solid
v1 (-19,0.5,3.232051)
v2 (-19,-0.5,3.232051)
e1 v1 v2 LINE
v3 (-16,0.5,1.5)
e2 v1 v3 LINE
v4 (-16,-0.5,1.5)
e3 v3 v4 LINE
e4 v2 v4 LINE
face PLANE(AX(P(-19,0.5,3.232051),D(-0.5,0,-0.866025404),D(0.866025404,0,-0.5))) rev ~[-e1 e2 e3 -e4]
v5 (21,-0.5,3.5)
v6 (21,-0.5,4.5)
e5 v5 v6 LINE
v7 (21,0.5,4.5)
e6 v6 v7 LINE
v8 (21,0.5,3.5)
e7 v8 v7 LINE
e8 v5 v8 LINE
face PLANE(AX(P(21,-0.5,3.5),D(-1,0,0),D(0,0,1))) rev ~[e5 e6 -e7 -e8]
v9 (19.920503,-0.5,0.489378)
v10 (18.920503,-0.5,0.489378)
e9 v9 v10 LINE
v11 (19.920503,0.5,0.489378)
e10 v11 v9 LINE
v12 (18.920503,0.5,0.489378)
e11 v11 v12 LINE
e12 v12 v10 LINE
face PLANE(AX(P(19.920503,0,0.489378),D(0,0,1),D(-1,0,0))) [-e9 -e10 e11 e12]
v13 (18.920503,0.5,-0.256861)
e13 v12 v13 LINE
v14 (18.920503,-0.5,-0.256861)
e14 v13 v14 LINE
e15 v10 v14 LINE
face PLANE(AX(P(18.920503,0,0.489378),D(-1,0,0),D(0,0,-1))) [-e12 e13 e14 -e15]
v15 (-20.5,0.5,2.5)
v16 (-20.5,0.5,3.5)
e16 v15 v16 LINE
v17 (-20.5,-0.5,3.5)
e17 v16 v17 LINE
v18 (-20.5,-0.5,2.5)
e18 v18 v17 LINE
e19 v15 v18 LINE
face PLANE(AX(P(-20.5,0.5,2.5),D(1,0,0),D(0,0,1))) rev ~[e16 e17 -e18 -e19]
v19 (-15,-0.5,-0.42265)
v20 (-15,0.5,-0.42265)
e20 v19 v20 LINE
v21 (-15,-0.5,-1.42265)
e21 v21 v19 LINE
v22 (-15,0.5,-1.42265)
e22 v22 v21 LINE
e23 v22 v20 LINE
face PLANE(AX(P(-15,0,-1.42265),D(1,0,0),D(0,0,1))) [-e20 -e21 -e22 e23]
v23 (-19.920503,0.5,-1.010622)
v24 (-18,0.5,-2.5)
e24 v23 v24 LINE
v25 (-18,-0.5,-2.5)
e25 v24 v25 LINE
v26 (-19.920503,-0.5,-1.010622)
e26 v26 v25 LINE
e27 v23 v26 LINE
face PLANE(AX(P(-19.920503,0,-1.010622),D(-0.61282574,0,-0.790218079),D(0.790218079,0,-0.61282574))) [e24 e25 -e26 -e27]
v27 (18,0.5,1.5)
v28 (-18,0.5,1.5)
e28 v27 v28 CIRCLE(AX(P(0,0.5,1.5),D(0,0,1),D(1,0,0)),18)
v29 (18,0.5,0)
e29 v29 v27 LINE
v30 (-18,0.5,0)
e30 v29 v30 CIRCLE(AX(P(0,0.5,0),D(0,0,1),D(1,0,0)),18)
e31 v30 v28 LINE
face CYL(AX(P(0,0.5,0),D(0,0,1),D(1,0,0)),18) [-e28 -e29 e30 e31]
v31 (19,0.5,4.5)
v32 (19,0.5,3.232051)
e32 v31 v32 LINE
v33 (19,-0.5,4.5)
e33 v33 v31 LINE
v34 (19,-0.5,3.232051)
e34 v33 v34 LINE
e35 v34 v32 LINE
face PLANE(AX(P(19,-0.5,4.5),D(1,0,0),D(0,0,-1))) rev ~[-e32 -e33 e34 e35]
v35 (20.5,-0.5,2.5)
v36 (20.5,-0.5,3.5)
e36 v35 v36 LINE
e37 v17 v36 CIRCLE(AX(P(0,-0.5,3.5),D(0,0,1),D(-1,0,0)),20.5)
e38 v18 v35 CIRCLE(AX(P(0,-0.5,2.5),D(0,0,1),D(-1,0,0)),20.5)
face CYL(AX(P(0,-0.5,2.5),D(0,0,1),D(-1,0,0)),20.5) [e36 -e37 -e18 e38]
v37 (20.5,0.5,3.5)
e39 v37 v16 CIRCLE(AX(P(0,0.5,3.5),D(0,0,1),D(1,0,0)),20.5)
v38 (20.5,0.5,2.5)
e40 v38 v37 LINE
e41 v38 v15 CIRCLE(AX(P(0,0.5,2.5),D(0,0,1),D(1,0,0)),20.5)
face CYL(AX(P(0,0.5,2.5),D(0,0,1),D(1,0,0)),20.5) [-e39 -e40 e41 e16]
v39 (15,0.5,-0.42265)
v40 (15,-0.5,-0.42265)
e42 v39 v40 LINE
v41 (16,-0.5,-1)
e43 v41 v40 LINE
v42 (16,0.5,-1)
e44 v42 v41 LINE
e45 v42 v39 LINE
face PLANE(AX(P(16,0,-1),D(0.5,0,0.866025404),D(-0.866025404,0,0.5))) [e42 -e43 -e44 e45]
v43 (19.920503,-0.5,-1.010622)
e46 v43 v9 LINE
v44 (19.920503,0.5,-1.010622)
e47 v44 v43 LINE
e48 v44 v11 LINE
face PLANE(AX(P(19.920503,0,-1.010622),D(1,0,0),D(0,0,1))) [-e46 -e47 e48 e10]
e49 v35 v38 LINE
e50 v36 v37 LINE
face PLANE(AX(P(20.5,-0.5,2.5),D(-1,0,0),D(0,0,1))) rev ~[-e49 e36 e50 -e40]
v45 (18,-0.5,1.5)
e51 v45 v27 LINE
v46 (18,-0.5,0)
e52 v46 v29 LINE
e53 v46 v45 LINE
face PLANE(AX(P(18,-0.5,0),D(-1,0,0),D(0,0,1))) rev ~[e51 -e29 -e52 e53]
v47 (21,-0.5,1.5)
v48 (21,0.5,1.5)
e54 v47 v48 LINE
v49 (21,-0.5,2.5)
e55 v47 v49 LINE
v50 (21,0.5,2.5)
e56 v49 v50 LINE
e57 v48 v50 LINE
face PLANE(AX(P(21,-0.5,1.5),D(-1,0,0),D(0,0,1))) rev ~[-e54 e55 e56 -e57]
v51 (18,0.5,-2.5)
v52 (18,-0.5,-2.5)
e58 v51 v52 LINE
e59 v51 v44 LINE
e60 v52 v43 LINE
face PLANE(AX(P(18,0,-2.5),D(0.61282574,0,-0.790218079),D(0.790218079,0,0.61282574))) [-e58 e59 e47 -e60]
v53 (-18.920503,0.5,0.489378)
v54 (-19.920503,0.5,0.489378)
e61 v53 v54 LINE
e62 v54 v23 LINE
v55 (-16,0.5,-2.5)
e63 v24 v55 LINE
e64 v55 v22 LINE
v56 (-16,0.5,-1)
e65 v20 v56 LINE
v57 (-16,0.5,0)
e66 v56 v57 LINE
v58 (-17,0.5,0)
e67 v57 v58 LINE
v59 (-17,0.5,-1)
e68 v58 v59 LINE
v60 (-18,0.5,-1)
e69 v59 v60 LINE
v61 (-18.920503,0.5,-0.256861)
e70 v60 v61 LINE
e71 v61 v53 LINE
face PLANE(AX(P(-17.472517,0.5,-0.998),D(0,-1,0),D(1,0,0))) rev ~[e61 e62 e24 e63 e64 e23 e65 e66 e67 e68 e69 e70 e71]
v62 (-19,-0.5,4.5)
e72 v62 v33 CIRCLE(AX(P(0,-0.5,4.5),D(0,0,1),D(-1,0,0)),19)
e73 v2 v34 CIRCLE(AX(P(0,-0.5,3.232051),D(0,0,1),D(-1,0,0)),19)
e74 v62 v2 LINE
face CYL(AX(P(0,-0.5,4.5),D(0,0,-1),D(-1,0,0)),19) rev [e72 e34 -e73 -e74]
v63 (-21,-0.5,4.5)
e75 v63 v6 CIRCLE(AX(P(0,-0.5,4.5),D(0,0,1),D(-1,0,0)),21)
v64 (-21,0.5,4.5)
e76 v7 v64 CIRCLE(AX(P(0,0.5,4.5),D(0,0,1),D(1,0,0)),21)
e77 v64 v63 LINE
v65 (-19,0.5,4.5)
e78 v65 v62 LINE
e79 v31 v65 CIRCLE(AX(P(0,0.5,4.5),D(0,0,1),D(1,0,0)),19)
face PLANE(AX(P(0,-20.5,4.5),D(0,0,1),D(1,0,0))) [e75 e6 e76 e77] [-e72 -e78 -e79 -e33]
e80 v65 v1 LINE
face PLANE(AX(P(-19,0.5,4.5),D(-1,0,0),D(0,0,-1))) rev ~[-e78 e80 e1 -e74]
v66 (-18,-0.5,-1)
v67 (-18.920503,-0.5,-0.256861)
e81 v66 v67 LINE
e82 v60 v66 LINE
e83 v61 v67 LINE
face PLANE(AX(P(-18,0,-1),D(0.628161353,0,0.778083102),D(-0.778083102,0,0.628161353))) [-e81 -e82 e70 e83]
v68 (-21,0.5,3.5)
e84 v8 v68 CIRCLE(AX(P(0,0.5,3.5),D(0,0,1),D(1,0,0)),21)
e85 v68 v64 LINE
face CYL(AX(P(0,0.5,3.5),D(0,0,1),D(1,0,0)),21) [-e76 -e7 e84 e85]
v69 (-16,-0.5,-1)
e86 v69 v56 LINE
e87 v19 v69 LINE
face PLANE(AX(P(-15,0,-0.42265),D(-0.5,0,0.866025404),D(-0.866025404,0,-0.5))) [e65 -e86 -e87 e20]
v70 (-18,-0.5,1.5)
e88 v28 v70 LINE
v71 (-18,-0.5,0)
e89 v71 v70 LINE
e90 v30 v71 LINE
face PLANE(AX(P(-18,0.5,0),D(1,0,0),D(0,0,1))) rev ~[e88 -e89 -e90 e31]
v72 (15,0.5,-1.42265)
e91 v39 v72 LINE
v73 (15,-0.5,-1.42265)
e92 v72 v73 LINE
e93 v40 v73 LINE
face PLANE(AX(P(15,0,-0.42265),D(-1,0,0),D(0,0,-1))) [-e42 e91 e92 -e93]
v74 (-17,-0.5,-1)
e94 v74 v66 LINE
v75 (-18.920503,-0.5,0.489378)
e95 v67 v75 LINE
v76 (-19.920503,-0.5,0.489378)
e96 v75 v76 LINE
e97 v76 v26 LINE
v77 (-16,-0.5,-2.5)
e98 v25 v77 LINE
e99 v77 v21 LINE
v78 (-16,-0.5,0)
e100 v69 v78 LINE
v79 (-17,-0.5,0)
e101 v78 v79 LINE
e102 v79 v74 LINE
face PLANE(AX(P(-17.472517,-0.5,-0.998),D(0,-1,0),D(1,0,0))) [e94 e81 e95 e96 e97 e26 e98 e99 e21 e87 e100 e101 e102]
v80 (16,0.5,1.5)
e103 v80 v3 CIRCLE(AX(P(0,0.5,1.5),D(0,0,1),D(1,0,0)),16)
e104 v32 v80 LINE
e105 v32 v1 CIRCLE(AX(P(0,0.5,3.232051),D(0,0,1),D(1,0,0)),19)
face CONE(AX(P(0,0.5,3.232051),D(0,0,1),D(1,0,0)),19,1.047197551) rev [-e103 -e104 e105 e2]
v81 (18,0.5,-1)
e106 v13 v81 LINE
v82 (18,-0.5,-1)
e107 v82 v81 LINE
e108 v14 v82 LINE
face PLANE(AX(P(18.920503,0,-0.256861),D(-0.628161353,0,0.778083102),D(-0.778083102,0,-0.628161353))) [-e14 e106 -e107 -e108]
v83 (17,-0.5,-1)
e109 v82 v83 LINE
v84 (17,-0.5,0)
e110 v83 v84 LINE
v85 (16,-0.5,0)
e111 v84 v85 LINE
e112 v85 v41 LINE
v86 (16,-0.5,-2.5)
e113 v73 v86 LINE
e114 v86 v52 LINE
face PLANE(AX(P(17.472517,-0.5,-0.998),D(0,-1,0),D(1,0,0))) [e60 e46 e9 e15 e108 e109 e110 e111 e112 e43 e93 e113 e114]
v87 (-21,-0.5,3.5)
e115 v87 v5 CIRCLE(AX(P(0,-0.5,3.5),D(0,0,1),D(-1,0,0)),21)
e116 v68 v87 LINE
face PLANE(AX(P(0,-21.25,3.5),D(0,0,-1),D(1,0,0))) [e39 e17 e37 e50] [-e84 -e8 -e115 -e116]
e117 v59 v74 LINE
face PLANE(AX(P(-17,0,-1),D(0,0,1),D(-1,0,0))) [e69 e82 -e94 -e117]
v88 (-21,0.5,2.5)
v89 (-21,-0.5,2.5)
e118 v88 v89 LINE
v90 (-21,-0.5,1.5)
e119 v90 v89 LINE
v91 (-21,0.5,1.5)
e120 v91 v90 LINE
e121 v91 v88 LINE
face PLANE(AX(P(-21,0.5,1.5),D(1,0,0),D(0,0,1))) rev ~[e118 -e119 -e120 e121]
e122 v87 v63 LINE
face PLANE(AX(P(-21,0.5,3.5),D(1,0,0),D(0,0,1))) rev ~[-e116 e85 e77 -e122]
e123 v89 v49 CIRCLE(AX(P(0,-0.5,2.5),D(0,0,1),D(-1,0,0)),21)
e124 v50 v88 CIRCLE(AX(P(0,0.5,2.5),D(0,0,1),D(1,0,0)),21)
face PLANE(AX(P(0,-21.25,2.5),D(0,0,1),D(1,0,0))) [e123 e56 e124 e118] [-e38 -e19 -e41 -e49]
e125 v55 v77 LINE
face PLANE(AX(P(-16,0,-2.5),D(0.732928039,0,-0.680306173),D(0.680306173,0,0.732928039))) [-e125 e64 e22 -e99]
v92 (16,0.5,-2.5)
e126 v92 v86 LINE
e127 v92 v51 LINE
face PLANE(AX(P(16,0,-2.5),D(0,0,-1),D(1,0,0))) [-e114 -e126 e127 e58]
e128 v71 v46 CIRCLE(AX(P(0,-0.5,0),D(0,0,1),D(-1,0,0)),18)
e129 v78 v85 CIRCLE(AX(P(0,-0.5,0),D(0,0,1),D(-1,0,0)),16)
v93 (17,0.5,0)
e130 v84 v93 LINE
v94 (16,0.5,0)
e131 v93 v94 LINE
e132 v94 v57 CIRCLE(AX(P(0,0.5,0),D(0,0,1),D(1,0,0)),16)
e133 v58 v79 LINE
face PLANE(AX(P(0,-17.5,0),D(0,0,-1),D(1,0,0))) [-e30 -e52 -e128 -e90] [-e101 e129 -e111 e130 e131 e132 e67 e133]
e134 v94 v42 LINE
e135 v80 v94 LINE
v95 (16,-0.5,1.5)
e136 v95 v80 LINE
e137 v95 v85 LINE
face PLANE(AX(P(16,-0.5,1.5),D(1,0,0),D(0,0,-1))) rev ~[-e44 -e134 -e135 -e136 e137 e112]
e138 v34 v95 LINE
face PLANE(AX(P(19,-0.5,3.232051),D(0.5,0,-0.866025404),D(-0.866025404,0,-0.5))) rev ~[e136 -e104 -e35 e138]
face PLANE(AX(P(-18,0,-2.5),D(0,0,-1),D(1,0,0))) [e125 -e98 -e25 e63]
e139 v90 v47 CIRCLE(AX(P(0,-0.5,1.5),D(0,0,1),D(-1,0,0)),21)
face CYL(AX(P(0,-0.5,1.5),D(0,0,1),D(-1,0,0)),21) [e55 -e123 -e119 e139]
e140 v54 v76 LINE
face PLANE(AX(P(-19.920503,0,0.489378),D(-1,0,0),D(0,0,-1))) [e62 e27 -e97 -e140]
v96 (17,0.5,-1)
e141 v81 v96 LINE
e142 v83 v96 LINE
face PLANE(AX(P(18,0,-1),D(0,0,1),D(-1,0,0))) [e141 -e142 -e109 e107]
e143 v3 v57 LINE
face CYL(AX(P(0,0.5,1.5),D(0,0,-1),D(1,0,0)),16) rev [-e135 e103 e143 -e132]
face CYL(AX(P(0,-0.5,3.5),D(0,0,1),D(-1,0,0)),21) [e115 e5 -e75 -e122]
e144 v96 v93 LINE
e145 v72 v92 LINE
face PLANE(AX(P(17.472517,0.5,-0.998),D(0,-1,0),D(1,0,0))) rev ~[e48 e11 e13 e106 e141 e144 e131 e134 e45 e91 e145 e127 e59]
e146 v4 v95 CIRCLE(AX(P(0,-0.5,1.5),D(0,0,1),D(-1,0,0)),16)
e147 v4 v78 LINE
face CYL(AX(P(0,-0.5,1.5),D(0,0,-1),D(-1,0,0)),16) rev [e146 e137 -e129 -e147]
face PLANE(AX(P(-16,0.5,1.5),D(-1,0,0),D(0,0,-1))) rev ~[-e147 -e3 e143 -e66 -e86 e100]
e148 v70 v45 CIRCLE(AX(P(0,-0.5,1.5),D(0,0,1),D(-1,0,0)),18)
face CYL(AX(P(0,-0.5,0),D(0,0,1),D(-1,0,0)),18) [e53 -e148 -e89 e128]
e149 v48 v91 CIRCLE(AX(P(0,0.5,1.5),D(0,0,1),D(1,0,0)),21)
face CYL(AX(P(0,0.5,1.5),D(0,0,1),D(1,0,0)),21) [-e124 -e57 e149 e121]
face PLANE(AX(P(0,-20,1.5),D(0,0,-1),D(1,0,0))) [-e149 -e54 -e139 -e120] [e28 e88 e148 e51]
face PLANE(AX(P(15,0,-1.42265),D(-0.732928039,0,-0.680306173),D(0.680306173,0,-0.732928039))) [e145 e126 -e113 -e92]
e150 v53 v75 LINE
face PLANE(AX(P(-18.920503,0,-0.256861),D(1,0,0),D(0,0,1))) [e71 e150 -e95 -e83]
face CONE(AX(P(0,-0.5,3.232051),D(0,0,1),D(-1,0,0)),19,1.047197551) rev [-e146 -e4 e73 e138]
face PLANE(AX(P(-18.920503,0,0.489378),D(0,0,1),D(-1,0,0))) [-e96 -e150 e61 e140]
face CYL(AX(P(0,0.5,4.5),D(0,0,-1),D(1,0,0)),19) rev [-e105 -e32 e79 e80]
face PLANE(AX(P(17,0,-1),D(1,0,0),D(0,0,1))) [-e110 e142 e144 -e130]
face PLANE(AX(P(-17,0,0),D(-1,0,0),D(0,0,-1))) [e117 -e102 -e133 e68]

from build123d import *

# Parameters (mm, degrees)
F3_DEPTH = 0.5


with BuildPart() as f3:
    # F2 (on Front) → F3 (new body, symmetric)
    with BuildSketch(Plane.XZ):
        Polygon((-16, 0), (-17, 0), (-17, -1), (-18, -1), (-18.9205025733, -0.2568606869), (-18.9205025733, 0.4893779857), (-19.9205025733, 0.4893779857), (-19.9205025733, -1.0106220143), (-18, -2.5), (-17, -2.5), (-16, -2.5), (-15, -1.4226497308), (-15, -0.4226497308), (-16, -1), align=None)
    extrude(amount=F3_DEPTH, both=True)



with BuildPart() as f3b:
    # F2 (on Front) → F3, piece 2 (new body, symmetric)
    with BuildSketch(Plane.XZ):
        Polygon((17, 0), (16, 0), (16, -1), (15, -0.4226497308), (15, -1.4226497308), (16, -2.5), (17, -2.5), (18, -2.5), (19.9205025733, -1.0106220143), (19.9205025733, 0.4893779857), (18.9205025733, 0.4893779857), (18.9205025733, -0.2568606869), (18, -1), (17, -1), align=None)
    extrude(amount=F3_DEPTH, both=True)


with BuildPart() as f3_1:
    add(f3.part)

    add(f3b.part)  # F4 merges F3b
    # F4: sweep along a path in F0
    with BuildLine(Plane.XY) as f4_path:
        ThreePointArc((-16, -0.5), (0, -16.5), (16, -0.5))
        Line((16, -0.5), (16, 0.5))
        ThreePointArc((16, 0.5), (0, 16.5), (-16, 0.5))
        Line((-16, 0.5), (-16, -0.5))
    # F1 (on Front) → F4 (sweep)
    with BuildSketch(Plane.XZ):
        Polygon((16, 0), (18, 0), (18, 1.5), (21, 1.5), (21, 2.5), (20.5, 2.5), (20.5, 3.5), (21, 3.5), (21, 4.5), (19, 4.5), (19, 3.2320508076), (16, 1.5), align=None)
    sweep(path=f4_path.line)


solid = f3_1.part
